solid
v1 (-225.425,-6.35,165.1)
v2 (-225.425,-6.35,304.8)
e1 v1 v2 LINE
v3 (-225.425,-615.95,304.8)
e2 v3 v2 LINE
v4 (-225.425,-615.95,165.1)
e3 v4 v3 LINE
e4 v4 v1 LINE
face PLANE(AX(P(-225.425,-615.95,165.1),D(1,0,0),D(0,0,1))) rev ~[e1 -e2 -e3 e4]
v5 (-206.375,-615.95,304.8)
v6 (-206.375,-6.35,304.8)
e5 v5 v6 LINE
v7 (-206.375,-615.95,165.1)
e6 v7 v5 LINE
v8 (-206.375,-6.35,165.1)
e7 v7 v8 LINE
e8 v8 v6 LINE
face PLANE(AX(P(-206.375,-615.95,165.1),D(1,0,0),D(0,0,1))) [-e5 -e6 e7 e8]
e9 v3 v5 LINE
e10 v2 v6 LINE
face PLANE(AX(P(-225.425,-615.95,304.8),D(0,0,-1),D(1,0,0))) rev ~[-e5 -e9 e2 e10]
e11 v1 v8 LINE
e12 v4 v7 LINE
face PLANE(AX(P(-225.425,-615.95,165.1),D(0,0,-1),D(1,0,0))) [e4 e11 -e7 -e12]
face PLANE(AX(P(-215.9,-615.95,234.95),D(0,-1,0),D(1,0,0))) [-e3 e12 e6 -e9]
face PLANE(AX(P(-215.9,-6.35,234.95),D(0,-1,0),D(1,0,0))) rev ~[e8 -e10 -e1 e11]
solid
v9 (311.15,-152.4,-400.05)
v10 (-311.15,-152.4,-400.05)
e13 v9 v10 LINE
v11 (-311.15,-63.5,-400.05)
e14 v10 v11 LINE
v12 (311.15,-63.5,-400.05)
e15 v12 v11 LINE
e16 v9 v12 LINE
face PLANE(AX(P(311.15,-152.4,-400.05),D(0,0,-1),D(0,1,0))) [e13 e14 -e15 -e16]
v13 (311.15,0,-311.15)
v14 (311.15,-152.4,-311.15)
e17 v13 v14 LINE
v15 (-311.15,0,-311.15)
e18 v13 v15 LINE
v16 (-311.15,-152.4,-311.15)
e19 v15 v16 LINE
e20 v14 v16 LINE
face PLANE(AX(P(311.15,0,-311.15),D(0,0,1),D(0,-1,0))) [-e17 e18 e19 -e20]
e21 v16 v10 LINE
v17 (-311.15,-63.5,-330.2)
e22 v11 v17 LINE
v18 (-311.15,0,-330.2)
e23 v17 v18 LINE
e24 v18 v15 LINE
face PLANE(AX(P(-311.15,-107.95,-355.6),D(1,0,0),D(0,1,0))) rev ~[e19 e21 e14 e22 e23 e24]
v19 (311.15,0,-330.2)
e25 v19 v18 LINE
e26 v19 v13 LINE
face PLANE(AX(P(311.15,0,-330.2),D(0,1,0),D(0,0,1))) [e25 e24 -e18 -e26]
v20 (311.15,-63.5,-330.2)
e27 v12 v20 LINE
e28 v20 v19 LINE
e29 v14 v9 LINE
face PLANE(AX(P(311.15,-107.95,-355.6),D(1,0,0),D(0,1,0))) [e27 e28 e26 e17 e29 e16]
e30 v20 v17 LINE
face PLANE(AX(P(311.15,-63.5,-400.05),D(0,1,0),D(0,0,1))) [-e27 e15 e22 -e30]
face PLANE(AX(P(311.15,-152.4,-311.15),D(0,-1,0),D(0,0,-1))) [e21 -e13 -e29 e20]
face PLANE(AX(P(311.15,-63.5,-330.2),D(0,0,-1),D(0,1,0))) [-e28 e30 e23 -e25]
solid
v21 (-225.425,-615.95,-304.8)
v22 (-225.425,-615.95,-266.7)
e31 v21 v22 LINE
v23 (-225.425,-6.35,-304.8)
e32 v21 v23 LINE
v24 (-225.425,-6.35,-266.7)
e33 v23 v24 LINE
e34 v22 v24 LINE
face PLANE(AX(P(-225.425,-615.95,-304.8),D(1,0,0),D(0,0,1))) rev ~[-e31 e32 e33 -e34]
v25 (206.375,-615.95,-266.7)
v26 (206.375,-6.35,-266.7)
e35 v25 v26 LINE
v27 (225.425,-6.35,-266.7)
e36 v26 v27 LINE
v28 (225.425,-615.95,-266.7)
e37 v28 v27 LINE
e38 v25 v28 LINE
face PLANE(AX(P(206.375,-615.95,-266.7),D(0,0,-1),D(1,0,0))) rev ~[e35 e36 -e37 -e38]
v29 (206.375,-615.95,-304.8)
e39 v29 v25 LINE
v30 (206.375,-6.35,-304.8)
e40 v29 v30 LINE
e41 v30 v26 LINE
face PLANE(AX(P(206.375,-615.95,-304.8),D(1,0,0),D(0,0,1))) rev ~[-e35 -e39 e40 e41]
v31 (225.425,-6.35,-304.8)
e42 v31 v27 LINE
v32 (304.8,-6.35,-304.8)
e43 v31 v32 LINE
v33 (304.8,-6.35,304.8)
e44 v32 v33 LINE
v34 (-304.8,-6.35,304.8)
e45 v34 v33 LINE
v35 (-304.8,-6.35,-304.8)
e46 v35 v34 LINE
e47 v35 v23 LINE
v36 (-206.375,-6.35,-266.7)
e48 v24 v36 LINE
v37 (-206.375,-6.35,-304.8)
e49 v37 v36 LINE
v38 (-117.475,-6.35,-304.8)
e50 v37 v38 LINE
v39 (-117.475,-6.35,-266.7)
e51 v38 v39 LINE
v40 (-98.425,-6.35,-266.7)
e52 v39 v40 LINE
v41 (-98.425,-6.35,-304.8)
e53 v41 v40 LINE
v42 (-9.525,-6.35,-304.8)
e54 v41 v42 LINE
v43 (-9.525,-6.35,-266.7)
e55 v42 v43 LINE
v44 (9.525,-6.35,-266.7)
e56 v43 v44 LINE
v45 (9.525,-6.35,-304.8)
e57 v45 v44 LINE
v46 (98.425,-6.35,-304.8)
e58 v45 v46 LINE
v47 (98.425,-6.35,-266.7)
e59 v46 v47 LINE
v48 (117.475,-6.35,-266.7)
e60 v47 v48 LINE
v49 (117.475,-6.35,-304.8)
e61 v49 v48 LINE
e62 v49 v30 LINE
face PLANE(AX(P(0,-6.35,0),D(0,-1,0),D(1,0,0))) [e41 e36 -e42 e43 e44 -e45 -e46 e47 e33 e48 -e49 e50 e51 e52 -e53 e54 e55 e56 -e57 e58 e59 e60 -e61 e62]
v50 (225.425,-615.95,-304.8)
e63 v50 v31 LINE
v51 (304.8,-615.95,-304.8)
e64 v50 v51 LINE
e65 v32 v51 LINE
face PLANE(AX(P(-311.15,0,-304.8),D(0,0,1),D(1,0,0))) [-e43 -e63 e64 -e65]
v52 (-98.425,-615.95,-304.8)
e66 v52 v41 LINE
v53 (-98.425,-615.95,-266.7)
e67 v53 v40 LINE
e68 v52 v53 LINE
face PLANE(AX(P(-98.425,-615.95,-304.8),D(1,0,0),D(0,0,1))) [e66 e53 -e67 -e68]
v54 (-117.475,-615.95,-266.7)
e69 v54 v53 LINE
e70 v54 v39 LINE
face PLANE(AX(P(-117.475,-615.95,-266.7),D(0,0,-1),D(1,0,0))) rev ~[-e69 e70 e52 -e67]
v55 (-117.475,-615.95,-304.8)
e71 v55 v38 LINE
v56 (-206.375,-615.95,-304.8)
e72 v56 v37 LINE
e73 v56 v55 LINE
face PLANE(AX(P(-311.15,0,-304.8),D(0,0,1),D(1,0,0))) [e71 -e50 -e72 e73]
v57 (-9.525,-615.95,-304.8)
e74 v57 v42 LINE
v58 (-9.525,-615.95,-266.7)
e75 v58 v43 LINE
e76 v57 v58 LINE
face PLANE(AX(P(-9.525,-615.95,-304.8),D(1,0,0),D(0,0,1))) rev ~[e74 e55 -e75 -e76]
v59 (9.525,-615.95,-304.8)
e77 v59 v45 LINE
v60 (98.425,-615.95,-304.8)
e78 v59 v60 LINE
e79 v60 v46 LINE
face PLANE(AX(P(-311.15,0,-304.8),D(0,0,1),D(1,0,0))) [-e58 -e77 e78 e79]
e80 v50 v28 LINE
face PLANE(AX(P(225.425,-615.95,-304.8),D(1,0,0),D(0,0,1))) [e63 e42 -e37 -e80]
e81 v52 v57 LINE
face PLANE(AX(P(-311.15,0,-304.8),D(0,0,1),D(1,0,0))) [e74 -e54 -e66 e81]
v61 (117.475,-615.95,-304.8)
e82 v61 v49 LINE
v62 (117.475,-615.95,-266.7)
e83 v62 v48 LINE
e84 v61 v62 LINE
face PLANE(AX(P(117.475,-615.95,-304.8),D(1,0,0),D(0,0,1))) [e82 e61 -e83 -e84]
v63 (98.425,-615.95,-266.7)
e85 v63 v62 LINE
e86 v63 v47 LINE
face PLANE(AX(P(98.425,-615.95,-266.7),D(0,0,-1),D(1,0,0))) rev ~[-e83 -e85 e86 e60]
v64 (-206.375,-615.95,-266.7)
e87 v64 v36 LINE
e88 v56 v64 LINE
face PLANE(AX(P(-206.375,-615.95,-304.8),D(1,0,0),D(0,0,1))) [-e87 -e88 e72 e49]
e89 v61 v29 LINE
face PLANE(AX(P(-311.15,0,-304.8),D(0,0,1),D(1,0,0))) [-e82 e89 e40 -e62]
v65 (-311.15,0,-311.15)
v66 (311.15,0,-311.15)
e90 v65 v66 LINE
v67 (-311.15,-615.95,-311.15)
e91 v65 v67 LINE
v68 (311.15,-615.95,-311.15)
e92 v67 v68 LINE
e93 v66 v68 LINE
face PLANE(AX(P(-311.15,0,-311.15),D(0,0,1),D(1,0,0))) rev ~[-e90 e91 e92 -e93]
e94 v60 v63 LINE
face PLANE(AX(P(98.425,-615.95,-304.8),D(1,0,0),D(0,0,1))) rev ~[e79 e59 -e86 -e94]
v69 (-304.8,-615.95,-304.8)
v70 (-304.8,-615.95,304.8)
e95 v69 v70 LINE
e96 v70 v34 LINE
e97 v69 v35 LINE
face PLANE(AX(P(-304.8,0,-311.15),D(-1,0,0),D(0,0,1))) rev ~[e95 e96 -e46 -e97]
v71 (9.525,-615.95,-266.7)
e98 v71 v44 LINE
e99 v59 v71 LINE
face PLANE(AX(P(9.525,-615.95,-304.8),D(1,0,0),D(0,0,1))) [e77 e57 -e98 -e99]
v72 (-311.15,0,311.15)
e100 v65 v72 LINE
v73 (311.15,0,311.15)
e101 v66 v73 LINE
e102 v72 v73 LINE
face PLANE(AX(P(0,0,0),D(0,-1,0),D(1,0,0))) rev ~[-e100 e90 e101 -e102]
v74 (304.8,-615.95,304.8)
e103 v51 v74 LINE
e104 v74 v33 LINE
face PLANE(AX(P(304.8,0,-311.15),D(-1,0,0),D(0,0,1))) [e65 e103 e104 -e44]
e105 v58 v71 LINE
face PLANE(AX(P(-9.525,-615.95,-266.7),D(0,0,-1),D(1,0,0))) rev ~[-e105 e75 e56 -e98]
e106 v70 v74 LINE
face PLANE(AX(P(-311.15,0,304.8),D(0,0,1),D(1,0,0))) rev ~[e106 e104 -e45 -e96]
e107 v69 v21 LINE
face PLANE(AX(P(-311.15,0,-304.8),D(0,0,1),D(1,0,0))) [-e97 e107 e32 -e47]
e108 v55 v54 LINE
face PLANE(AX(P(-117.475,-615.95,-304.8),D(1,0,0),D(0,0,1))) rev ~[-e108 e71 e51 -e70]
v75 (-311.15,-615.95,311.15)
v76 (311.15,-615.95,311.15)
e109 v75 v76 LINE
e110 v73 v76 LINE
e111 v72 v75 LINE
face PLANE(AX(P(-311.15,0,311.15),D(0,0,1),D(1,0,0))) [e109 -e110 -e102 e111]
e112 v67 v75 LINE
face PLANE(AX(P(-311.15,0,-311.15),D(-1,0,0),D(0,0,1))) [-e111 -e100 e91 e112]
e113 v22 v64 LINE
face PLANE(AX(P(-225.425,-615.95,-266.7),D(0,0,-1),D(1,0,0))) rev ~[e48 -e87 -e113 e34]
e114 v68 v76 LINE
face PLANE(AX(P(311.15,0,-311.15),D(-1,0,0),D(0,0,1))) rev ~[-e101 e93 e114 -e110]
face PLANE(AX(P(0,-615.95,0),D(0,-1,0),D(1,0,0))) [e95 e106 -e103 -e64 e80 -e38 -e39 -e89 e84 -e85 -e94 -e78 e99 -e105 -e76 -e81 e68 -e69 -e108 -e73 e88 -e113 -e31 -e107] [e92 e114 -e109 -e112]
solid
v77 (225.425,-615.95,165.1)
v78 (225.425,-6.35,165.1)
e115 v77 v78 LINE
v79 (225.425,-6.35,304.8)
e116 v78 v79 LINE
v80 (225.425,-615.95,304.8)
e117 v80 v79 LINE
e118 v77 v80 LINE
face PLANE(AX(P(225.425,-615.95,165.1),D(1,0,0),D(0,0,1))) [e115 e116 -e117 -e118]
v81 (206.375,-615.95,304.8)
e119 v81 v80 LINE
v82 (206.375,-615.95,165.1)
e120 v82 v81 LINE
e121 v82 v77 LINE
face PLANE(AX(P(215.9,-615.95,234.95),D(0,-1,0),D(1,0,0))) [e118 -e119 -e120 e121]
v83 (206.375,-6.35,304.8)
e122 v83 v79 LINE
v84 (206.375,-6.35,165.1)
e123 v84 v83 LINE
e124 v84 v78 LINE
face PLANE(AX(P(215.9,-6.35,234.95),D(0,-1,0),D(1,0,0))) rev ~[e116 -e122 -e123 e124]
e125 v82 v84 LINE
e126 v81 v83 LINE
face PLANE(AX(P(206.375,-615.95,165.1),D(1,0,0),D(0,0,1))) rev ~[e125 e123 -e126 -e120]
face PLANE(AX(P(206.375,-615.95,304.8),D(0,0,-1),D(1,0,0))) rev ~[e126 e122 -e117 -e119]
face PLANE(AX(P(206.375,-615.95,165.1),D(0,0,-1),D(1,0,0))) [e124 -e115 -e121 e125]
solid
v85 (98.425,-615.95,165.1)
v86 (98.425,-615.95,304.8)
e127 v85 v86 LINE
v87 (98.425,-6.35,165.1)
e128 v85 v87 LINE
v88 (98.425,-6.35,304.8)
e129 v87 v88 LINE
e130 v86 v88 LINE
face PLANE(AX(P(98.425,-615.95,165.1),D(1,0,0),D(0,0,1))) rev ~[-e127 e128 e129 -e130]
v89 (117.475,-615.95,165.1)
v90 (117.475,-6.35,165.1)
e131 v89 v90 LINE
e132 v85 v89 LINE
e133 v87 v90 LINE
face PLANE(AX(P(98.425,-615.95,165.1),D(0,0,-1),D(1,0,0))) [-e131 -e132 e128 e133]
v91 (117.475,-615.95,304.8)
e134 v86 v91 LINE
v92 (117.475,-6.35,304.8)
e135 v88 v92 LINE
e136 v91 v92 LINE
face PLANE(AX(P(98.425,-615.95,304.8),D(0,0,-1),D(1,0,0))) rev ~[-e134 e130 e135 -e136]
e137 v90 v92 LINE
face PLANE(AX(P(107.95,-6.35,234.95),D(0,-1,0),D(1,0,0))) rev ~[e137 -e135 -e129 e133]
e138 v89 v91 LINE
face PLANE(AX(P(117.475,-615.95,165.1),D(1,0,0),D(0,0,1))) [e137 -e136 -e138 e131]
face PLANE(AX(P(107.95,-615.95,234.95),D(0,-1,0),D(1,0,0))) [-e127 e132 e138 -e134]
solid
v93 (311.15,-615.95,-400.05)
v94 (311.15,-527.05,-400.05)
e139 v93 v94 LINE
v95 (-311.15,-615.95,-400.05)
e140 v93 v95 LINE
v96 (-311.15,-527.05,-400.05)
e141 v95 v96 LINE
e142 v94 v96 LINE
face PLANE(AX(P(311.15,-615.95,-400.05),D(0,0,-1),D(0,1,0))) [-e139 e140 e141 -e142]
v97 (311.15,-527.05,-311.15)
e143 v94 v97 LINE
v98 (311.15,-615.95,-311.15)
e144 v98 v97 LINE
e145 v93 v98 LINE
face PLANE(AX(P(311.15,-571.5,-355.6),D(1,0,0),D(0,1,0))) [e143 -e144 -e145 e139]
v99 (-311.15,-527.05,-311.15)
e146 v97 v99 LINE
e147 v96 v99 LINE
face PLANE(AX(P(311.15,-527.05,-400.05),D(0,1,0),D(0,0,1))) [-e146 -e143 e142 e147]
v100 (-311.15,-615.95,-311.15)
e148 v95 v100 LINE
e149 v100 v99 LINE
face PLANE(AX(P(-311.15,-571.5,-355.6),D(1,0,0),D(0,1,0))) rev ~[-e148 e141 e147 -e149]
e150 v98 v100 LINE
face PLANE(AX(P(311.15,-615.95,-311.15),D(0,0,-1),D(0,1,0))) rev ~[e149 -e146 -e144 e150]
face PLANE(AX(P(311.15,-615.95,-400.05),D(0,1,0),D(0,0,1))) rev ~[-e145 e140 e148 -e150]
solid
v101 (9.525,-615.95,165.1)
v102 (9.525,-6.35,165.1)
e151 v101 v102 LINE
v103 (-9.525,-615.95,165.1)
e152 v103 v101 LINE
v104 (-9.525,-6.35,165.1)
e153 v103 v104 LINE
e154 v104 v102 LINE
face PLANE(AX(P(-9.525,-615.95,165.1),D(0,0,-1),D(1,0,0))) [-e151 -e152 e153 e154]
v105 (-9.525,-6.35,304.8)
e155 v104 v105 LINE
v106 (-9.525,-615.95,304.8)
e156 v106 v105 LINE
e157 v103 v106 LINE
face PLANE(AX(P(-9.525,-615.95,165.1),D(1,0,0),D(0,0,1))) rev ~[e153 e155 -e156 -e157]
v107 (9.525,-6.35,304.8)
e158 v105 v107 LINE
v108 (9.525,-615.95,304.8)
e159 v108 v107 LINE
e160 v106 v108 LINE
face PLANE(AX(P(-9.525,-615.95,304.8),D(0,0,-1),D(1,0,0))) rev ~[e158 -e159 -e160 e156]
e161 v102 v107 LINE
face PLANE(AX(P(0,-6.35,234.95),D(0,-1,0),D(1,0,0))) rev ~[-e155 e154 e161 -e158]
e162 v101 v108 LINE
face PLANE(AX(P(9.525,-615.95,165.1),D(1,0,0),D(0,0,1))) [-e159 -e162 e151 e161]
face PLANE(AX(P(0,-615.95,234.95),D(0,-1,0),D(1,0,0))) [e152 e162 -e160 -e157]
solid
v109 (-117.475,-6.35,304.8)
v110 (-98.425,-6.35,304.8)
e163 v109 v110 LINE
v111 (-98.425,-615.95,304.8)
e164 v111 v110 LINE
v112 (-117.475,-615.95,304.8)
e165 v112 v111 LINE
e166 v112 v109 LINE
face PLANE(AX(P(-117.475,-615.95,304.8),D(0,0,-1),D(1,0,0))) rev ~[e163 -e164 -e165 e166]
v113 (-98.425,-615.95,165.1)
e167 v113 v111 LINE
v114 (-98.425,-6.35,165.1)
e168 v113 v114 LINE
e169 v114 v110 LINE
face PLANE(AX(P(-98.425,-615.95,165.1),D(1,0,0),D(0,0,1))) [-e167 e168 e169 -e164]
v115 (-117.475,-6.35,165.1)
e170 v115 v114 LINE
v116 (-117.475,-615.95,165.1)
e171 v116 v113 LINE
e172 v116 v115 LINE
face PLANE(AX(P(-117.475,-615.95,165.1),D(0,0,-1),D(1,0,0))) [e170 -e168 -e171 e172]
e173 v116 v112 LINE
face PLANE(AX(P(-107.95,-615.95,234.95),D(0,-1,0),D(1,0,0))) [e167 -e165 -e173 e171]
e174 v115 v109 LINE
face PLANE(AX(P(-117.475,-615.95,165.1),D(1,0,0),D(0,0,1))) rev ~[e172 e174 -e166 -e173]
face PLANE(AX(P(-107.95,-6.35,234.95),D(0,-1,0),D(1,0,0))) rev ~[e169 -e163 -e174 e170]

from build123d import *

# Parameters (mm, degrees)
F0_W     = 622.3
F0_H     = 622.3
F1_DEPTH = 615.95
F2_T     = -6.35
F3_W     = 88.9
F3_H     = 88.9
F4_DEPTH = 622.3
F3_W_2   = 63.5
F3_H_2   = 19.05
F5_W     = 19.05
F5_H     = 38.1
F6_DEPTH = 609.6
F7_W     = 19.05
F7_H     = 139.7
F8_DEPTH = 609.6


with BuildPart() as f1:
    # F0 (on Front) → F1 (new body)
    with BuildSketch(Plane.XZ):
        Rectangle(F0_W, F0_H)
    extrude(amount=F1_DEPTH)

    # F2
    f2_openings = [f1.faces().sort_by_distance(p)[0] for p in [
        (0, -615.95, 0),
    ]]
    offset(amount=F2_T, openings=f2_openings)

    # F5 (on face) → F6 (join)
    with BuildSketch(Plane.XZ.offset(615.95)):
        with Locations((-215.9, -285.75)):
            Rectangle(F5_W, F5_H)
        with Locations((-107.95, -285.75)):
            Rectangle(F5_W, F5_H)
        with Locations((0, -285.75)):
            Rectangle(F5_W, F5_H)
        with Locations((107.95, -285.75)):
            Rectangle(F5_W, F5_H)
        with Locations((215.9, -285.75)):
            Rectangle(F5_W, F5_H)
    extrude(amount=-F6_DEPTH)


with BuildPart() as f4:
    # F3 (on face) → F4 (new body)
    with BuildSketch(Plane.YZ.offset(311.15)):
        with Locations((-571.5, -355.6)):
            Rectangle(F3_W, F3_H)
    extrude(amount=-F4_DEPTH)


with BuildPart() as f4b:
    # F3 (on face) → F4, piece 2 (new body)
    with BuildSketch(Plane.YZ.offset(311.15)):
        Polygon((-63.5, -311.15), (-152.4, -311.15), (-152.4, -400.05), (-63.5, -400.05), (-63.5, -330.2), align=None)
        with Locations((-31.75, -320.675)):
            Rectangle(F3_W_2, F3_H_2)
    extrude(amount=-F4_DEPTH)


with BuildPart() as f8:
    # F7 (on face) → F8 (new body)
    with BuildSketch(Plane.XZ.offset(615.95)):
        with Locations((-215.9, 234.95)):
            Rectangle(F7_W, F7_H)
    extrude(amount=-F8_DEPTH)


with BuildPart() as f8b:
    # F7 (on face) → F8, piece 2 (new body)
    with BuildSketch(Plane.XZ.offset(615.95)):
        with Locations((-107.95, 234.95)):
            Rectangle(F7_W, F7_H)
    extrude(amount=-F8_DEPTH)


with BuildPart() as f8c:
    # F7 (on face) → F8, piece 3 (new body)
    with BuildSketch(Plane.XZ.offset(615.95)):
        with Locations((0, 234.95)):
            Rectangle(F7_W, F7_H)
    extrude(amount=-F8_DEPTH)


with BuildPart() as f8d:
    # F7 (on face) → F8, piece 4 (new body)
    with BuildSketch(Plane.XZ.offset(615.95)):
        with Locations((107.95, 234.95)):
            Rectangle(F7_W, F7_H)
    extrude(amount=-F8_DEPTH)


with BuildPart() as f8e:
    # F7 (on face) → F8, piece 5 (new body)
    with BuildSketch(Plane.XZ.offset(615.95)):
        with Locations((215.9, 234.95)):
            Rectangle(F7_W, F7_H)
    extrude(amount=-F8_DEPTH)


solid = Compound([f1.part, f4.part, f4b.part, f8.part, f8b.part, f8c.part, f8d.part, f8e.part])
